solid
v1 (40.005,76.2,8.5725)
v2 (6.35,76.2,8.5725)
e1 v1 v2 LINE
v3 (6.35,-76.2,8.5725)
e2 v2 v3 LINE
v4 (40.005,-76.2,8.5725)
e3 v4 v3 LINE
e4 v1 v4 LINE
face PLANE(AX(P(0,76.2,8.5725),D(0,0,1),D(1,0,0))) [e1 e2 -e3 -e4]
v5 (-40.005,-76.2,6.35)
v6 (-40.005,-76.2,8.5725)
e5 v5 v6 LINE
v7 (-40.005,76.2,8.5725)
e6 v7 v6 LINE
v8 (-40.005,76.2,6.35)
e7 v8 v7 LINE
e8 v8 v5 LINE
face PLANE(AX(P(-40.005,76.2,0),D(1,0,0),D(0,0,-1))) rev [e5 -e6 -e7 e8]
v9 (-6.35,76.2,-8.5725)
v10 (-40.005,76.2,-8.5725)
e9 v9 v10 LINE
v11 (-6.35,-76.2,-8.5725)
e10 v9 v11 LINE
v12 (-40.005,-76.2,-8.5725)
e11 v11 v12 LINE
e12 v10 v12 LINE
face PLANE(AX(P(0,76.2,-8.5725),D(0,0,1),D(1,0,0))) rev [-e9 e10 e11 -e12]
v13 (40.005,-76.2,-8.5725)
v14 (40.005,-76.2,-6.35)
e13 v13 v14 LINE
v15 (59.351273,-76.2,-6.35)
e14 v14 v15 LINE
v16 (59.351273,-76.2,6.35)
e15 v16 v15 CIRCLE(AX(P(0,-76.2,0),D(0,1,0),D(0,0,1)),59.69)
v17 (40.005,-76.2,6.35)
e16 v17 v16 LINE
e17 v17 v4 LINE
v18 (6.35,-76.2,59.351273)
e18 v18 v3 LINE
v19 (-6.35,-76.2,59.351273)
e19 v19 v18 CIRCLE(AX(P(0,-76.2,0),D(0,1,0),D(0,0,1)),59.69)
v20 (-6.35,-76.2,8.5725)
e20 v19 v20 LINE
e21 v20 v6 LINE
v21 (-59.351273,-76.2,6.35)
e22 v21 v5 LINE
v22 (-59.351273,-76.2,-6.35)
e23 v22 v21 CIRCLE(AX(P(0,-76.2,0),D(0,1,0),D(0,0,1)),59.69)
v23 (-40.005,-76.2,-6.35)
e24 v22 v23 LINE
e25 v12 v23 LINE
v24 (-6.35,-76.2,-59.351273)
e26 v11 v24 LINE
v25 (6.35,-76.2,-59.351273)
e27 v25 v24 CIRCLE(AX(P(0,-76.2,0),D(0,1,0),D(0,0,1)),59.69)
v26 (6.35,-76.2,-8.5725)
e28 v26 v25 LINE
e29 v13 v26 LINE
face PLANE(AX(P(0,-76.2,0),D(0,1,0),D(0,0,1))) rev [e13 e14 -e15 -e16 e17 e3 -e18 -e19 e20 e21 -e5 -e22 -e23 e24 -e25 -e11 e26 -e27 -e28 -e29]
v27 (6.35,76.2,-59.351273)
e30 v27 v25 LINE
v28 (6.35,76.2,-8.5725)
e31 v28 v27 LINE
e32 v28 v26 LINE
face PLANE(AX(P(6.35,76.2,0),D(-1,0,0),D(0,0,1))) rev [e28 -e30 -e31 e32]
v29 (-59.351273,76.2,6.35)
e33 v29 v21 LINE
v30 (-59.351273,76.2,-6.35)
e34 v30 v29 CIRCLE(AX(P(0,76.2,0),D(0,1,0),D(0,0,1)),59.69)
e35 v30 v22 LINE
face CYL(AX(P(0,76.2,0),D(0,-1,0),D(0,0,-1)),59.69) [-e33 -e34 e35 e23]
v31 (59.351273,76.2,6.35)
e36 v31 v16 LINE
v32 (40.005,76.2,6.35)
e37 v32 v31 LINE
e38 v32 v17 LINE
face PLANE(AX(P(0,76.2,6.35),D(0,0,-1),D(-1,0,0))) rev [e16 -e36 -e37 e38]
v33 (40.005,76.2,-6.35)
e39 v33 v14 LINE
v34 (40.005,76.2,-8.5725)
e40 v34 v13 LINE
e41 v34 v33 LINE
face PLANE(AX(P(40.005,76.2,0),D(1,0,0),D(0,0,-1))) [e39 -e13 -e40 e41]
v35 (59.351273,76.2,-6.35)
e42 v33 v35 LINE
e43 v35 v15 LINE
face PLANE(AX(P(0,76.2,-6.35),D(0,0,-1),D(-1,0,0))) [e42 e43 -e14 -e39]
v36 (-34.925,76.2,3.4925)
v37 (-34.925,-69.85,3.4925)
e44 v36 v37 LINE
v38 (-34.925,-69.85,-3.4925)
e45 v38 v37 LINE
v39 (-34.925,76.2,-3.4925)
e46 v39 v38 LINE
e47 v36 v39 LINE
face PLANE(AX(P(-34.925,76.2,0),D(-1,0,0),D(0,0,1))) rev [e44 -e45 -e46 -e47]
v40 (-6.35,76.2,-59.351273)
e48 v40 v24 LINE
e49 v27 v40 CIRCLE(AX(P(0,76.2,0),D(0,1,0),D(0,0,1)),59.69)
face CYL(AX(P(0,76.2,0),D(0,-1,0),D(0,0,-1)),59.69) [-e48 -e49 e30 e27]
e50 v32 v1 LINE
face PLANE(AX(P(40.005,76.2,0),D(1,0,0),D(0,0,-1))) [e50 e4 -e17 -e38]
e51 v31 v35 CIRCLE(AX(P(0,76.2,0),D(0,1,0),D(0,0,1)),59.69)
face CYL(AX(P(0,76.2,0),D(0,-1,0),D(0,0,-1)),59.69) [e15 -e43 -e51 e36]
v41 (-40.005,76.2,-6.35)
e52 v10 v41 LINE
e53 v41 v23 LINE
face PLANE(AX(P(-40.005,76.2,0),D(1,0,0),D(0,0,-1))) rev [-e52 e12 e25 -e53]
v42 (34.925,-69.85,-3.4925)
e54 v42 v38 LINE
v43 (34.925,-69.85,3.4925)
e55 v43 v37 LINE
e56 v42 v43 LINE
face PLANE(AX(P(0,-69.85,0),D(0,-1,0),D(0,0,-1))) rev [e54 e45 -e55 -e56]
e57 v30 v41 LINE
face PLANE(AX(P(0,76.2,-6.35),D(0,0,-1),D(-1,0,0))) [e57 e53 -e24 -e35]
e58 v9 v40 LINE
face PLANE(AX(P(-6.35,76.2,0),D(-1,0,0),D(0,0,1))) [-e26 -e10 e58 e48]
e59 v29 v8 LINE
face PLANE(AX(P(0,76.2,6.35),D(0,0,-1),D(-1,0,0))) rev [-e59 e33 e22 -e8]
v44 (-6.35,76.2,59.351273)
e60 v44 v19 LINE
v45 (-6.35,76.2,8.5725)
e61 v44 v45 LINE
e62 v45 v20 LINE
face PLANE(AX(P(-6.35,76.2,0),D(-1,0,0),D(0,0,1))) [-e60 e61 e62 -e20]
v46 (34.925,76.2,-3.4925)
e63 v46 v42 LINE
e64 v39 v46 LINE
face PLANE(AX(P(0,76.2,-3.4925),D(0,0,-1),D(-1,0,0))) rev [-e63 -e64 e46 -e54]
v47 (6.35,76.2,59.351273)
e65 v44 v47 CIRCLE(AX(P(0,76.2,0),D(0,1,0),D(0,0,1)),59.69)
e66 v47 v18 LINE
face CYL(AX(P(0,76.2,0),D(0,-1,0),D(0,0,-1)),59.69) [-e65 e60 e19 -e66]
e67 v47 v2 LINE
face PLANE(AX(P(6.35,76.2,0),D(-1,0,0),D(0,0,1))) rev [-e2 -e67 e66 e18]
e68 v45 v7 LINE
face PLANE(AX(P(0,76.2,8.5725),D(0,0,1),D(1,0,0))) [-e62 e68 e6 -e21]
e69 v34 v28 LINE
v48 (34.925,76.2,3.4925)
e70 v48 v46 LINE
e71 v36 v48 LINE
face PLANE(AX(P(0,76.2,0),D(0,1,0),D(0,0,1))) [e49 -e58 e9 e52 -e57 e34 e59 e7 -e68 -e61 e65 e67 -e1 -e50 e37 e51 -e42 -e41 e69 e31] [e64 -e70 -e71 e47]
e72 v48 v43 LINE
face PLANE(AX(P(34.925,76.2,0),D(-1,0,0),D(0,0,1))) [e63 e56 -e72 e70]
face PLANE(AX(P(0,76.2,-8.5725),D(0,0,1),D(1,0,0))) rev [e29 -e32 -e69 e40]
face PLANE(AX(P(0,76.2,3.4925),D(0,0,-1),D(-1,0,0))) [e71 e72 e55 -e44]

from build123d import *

# Parameters (mm, degrees)
SKETCH1_W           = 19.346272943
SKETCH1_H           = 12.7
SKETCH1_W_2         = 33.655
SKETCH1_H_2         = 2.2225
SKETCH1_W_3         = 12.7
SKETCH1_H_3         = 2.8575
SKETCH1_H_4         = 50.778772943
BOSS_EXTRUDE1_DEPTH = 76.2
SKETCH2_W           = 80.01
SKETCH2_H           = 17.145
BOSS_EXTRUDE2_DEPTH = 6.35


with BuildPart() as part:
    # Sketch1 → Boss-Extrude1 (new body, symmetric)
    with BuildSketch(Plane(origin=(0, 0, 0), x_dir=(1, 0, 0), z_dir=(0, 1, 0))):
        with Locations((-49.678136472, 0)):
            Rectangle(SKETCH1_W, SKETCH1_H)
        with BuildLine():
            ThreePointArc((-59.351272943, 6.35), (-59.69, 0), (-59.351272943, -6.35))
            Line((-59.351272943, -6.35), (-59.351272943, 6.35))
        make_face()
        with Locations((-23.1775, -7.46125)):
            Rectangle(SKETCH1_W_2, SKETCH1_H_2)
        Polygon((-6.35, -3.4925), (-34.925, -3.4925), (-34.925, 3.4925), (-6.35, 3.4925), (-6.35, 6.35), (-40.005, 6.35), (-40.005, -6.35), (-6.35, -6.35), align=None)
        with Locations((-23.1775, 7.46125)):
            Rectangle(SKETCH1_W_2, SKETCH1_H_2)
        with Locations((0, 7.46125)):
            Rectangle(SKETCH1_W_3, SKETCH1_H_2)
        with Locations((0, 4.92125)):
            Rectangle(SKETCH1_W_3, SKETCH1_H_3)
        with Locations((23.1775, 7.46125)):
            Rectangle(SKETCH1_W_2, SKETCH1_H_2)
        Polygon((34.925, -3.4925), (6.35, -3.4925), (6.35, -6.35), (40.005, -6.35), (40.005, 6.35), (6.35, 6.35), (6.35, 3.4925), (34.925, 3.4925), align=None)
        with Locations((23.1775, -7.46125)):
            Rectangle(SKETCH1_W_2, SKETCH1_H_2)
        with Locations((0, -7.46125)):
            Rectangle(SKETCH1_W_3, SKETCH1_H_2)
        with Locations((0, -4.92125)):
            Rectangle(SKETCH1_W_3, SKETCH1_H_3)
        with Locations((0, -33.961886472)):
            Rectangle(SKETCH1_W_3, SKETCH1_H_4)
        with BuildLine():
            Line((6.35, -59.351272943), (-6.35, -59.351272943))
            ThreePointArc((-6.35, -59.351272943), (0, -59.69), (6.35, -59.351272943))
        make_face()
        with Locations((49.678136472, 0)):
            Rectangle(SKETCH1_W, SKETCH1_H)
        with BuildLine():
            Line((59.351272943, 6.35), (59.351272943, -6.35))
            ThreePointArc((59.351272943, -6.35), (59.605258082, -3.179513957), (59.69, 0))
            ThreePointArc((59.69, 0), (59.605258082, 3.179513957), (59.351272943, 6.35))
        make_face()
        with Locations((0, 33.961886472)):
            Rectangle(SKETCH1_W_3, SKETCH1_H_4)
        with BuildLine():
            ThreePointArc((6.35, 59.351272943), (0, 59.69), (-6.35, 59.351272943))
            Line((-6.35, 59.351272943), (6.35, 59.351272943))
        make_face()
    extrude(amount=BOSS_EXTRUDE1_DEPTH, both=True)

    # Sketch2 → Boss-Extrude2 (add)
    with BuildSketch(Plane.XZ.offset(76.2)):
        Rectangle(SKETCH2_W, SKETCH2_H)
    extrude(amount=-BOSS_EXTRUDE2_DEPTH)


solid = part.part
